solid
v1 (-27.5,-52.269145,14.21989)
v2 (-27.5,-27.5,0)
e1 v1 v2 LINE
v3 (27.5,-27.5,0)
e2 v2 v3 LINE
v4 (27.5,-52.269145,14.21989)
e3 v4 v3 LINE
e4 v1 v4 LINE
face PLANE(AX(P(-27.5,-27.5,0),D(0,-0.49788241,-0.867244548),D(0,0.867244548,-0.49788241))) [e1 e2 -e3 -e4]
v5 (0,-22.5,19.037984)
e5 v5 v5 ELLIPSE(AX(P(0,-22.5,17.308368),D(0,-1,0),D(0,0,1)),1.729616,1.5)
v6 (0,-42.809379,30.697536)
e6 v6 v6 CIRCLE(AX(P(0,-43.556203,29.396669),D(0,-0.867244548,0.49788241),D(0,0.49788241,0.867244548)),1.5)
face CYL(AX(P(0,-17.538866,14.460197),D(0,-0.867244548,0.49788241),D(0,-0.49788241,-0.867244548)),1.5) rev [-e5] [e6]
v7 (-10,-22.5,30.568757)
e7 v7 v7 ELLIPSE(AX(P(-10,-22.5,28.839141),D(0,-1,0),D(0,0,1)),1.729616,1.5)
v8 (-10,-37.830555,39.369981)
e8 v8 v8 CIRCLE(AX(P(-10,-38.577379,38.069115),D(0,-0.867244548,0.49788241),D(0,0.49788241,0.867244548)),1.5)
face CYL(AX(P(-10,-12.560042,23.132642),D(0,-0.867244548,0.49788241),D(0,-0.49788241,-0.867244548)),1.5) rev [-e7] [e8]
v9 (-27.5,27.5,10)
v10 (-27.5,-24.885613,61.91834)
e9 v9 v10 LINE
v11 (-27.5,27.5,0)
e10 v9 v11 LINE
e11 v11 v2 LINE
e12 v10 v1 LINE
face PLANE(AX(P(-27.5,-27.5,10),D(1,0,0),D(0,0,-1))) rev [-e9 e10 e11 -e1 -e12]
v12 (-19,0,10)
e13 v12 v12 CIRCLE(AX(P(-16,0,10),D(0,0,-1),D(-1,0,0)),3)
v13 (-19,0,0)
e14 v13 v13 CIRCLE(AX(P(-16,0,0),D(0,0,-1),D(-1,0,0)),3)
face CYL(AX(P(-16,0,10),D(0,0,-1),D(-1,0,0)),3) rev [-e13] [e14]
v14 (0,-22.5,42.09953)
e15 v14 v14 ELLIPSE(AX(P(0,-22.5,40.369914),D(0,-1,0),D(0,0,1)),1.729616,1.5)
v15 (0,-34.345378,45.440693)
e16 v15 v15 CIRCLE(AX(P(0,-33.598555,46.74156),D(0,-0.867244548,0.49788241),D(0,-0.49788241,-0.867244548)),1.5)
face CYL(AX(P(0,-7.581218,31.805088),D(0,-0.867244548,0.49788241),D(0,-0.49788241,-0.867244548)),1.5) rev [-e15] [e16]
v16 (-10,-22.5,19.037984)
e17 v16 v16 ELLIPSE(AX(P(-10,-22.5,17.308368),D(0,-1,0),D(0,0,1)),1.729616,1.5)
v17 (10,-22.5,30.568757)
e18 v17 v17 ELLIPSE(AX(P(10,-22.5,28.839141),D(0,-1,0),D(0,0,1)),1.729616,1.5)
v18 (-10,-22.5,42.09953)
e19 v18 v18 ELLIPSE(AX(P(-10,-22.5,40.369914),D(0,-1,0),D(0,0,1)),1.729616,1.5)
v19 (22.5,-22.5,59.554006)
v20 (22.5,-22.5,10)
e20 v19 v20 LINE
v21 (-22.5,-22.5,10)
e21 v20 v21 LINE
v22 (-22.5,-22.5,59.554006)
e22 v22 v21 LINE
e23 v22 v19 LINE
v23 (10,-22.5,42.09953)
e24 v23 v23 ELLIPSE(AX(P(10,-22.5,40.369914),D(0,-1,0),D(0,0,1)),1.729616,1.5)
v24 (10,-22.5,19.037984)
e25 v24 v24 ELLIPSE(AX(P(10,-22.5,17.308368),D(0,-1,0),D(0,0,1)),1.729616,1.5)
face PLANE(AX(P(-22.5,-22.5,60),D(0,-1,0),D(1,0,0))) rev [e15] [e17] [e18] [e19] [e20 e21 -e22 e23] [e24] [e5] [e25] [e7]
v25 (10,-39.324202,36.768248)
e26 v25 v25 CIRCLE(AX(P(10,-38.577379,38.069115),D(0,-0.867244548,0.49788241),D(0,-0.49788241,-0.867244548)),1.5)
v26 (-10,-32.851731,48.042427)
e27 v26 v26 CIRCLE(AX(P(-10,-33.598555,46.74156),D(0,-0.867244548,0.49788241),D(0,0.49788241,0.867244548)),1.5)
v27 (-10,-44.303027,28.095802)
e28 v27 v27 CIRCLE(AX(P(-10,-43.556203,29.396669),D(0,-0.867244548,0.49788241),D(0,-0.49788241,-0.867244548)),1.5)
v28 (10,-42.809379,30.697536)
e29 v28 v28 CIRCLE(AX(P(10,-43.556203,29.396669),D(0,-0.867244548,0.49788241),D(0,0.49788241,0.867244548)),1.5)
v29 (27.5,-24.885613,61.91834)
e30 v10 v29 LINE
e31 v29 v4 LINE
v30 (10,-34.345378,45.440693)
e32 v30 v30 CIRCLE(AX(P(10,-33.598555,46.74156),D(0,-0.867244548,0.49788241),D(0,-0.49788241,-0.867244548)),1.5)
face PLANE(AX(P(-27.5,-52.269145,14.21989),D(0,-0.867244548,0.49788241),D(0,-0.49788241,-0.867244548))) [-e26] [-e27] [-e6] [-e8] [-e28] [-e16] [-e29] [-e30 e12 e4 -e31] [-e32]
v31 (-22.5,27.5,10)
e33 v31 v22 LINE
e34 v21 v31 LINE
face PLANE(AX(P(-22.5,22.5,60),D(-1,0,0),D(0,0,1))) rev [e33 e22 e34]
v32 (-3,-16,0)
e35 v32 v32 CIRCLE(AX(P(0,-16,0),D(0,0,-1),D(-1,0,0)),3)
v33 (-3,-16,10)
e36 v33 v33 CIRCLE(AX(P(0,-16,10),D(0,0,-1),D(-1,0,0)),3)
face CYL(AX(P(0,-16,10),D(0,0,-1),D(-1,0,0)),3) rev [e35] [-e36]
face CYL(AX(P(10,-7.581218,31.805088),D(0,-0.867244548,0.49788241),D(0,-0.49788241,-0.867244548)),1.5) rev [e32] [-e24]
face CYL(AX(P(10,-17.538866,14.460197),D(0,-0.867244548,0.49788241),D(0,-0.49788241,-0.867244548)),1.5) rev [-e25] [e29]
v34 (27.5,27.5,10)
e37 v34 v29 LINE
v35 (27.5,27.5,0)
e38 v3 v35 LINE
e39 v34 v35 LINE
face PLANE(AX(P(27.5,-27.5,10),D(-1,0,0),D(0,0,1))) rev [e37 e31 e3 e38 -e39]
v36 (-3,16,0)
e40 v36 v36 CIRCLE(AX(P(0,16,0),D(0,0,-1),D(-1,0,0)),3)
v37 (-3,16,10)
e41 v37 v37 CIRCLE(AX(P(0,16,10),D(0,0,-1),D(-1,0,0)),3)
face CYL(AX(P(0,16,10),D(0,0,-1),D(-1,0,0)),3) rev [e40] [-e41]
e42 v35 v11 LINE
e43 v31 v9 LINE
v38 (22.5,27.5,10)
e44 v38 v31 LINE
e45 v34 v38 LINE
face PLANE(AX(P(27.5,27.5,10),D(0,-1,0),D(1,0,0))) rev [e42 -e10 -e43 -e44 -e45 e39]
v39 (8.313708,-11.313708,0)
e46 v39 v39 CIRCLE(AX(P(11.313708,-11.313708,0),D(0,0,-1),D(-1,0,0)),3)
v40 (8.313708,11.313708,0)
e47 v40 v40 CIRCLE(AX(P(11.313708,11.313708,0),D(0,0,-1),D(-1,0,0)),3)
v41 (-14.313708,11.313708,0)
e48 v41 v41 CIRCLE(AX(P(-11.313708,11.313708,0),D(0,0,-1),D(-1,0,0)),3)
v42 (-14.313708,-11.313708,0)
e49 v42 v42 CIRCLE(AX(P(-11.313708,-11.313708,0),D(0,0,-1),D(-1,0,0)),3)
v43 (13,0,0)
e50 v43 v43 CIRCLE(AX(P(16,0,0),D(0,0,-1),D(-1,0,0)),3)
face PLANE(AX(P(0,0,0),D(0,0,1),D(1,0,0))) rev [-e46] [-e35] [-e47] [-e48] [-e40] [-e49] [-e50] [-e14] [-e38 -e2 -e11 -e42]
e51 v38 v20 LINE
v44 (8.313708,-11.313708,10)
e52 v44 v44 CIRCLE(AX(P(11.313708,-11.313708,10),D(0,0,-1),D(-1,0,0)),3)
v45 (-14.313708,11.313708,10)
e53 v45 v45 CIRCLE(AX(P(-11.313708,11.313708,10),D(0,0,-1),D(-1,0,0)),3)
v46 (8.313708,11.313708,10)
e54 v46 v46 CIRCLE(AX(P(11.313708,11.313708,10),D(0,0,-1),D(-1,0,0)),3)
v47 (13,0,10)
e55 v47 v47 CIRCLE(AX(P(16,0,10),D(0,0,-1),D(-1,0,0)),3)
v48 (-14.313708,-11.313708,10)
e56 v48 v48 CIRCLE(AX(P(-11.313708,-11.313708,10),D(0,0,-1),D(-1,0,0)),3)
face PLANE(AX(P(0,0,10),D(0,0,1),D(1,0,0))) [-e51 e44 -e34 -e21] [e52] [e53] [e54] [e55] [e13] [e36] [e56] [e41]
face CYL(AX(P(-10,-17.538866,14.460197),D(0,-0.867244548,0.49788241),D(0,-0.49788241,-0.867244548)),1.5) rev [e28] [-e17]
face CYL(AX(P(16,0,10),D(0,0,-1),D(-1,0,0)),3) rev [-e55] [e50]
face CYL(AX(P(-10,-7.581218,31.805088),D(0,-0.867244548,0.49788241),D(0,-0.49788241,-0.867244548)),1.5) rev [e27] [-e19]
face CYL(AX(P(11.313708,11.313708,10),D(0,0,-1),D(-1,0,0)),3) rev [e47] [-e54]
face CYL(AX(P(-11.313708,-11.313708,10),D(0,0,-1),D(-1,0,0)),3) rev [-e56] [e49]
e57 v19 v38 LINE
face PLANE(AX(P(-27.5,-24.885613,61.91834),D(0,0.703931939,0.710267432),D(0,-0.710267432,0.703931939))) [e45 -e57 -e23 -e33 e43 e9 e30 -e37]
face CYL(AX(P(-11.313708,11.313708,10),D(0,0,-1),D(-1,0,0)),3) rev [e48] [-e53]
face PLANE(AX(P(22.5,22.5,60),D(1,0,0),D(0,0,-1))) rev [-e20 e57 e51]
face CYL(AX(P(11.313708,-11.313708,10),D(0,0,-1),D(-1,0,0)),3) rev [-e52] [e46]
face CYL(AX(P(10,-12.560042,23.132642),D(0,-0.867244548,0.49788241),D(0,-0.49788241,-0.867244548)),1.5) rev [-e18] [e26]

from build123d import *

# Parameters (mm, degrees)
SKETCH_1_W          = 55
SKETCH_1_H          = 55
EXTRUDE_1_DEPTH     = 10
EXTRUDE_2_DEPTH     = 55
CUT_EXTRUDE_1_DEPTH = 50
SKETCH_4_R          = 3
CUT_EXTRUDE_2_DEPTH = 10
SKETCH_5_R          = 1.5
CUT_EXTRUDE_3_DEPTH = 30


with BuildPart() as part:
    # 草图1 → 凸台-拉伸1 (new body)
    with BuildSketch(Plane.XY):
        Rectangle(SKETCH_1_W, SKETCH_1_H)
    extrude(amount=EXTRUDE_1_DEPTH)

    # 草图2 → 凸台-拉伸2 (add)
    with BuildSketch(Plane(origin=(27.5, 0, 0), x_dir=(0, 0, -1), z_dir=(1, 0, 0))):
        Polygon((0, -27.5), (-14.219889521, -52.26914509), (-61.918339647, -24.885612528), (-10, 27.5), align=None)
    extrude(amount=-EXTRUDE_2_DEPTH)

    # 草图3 → 切除-拉伸1 (cut)
    with BuildSketch(Plane(origin=(0, 0, 10), x_dir=(-1, 0, 0), z_dir=(0, 0, -1))):
        Polygon((22.5, 22.5), (22.5, -22.5), (-22.5, -22.5), (-22.5, 22.5), (-22.5, 36.625124929), (22.5, 36.625124929), align=None)
    extrude(amount=-CUT_EXTRUDE_1_DEPTH, mode=Mode.SUBTRACT)

    # 草图4 → 切除-拉伸2 (cut)
    with BuildSketch(Plane(origin=(0, 0, 0), x_dir=(-1, 0, 0), z_dir=(0, 0, -1))):
        with Locations((16, 0)):
            Circle(SKETCH_4_R)
        with Locations((11.313708499, -11.313708499)):
            Circle(SKETCH_4_R)
        with Locations((0, -16)):
            Circle(SKETCH_4_R)
        with Locations((-11.313708499, -11.313708499)):
            Circle(SKETCH_4_R)
        with Locations((-16, 0)):
            Circle(SKETCH_4_R)
        with Locations((-11.313708499, 11.313708499)):
            Circle(SKETCH_4_R)
        with Locations((0, 16)):
            Circle(SKETCH_4_R)
        with Locations((11.313708499, 11.313708499)):
            Circle(SKETCH_4_R)
    extrude(amount=-CUT_EXTRUDE_2_DEPTH, mode=Mode.SUBTRACT)

    # 草图5 → 切除-拉伸3 (cut)
    with BuildSketch(Plane(origin=(0, -45.452255494, 26.093999177), x_dir=(1, 0, 0), z_dir=(0, -0.8672445477434421, 0.4978824102228085))):
        with Locations(Location((10, 23.808233719, 0), (0, 0, 270))):
            Circle(SKETCH_5_R)
        with Locations(Location((10, 13.808233719, 0), (0, 0, 270))):
            Circle(SKETCH_5_R)
        with Locations(Location((0, 23.808233719, 0), (0, 0, 270))):
            Circle(SKETCH_5_R)
        with Locations(Location((-10, 23.808233719, 0), (0, 0, 90))):
            Circle(SKETCH_5_R)
        with Locations(Location((-10, 13.808233719, 0), (0, 0, 90))):
            Circle(SKETCH_5_R)
        with Locations(Location((-10, 3.808233719, 0), (0, 0, 270))):
            Circle(SKETCH_5_R)
        with Locations(Location((0, 3.808233719, 0), (0, 0, 90))):
            Circle(SKETCH_5_R)
        with Locations(Location((10, 3.808233719, 0), (0, 0, 90))):
            Circle(SKETCH_5_R)
    extrude(amount=-CUT_EXTRUDE_3_DEPTH, mode=Mode.SUBTRACT)


solid = part.part
